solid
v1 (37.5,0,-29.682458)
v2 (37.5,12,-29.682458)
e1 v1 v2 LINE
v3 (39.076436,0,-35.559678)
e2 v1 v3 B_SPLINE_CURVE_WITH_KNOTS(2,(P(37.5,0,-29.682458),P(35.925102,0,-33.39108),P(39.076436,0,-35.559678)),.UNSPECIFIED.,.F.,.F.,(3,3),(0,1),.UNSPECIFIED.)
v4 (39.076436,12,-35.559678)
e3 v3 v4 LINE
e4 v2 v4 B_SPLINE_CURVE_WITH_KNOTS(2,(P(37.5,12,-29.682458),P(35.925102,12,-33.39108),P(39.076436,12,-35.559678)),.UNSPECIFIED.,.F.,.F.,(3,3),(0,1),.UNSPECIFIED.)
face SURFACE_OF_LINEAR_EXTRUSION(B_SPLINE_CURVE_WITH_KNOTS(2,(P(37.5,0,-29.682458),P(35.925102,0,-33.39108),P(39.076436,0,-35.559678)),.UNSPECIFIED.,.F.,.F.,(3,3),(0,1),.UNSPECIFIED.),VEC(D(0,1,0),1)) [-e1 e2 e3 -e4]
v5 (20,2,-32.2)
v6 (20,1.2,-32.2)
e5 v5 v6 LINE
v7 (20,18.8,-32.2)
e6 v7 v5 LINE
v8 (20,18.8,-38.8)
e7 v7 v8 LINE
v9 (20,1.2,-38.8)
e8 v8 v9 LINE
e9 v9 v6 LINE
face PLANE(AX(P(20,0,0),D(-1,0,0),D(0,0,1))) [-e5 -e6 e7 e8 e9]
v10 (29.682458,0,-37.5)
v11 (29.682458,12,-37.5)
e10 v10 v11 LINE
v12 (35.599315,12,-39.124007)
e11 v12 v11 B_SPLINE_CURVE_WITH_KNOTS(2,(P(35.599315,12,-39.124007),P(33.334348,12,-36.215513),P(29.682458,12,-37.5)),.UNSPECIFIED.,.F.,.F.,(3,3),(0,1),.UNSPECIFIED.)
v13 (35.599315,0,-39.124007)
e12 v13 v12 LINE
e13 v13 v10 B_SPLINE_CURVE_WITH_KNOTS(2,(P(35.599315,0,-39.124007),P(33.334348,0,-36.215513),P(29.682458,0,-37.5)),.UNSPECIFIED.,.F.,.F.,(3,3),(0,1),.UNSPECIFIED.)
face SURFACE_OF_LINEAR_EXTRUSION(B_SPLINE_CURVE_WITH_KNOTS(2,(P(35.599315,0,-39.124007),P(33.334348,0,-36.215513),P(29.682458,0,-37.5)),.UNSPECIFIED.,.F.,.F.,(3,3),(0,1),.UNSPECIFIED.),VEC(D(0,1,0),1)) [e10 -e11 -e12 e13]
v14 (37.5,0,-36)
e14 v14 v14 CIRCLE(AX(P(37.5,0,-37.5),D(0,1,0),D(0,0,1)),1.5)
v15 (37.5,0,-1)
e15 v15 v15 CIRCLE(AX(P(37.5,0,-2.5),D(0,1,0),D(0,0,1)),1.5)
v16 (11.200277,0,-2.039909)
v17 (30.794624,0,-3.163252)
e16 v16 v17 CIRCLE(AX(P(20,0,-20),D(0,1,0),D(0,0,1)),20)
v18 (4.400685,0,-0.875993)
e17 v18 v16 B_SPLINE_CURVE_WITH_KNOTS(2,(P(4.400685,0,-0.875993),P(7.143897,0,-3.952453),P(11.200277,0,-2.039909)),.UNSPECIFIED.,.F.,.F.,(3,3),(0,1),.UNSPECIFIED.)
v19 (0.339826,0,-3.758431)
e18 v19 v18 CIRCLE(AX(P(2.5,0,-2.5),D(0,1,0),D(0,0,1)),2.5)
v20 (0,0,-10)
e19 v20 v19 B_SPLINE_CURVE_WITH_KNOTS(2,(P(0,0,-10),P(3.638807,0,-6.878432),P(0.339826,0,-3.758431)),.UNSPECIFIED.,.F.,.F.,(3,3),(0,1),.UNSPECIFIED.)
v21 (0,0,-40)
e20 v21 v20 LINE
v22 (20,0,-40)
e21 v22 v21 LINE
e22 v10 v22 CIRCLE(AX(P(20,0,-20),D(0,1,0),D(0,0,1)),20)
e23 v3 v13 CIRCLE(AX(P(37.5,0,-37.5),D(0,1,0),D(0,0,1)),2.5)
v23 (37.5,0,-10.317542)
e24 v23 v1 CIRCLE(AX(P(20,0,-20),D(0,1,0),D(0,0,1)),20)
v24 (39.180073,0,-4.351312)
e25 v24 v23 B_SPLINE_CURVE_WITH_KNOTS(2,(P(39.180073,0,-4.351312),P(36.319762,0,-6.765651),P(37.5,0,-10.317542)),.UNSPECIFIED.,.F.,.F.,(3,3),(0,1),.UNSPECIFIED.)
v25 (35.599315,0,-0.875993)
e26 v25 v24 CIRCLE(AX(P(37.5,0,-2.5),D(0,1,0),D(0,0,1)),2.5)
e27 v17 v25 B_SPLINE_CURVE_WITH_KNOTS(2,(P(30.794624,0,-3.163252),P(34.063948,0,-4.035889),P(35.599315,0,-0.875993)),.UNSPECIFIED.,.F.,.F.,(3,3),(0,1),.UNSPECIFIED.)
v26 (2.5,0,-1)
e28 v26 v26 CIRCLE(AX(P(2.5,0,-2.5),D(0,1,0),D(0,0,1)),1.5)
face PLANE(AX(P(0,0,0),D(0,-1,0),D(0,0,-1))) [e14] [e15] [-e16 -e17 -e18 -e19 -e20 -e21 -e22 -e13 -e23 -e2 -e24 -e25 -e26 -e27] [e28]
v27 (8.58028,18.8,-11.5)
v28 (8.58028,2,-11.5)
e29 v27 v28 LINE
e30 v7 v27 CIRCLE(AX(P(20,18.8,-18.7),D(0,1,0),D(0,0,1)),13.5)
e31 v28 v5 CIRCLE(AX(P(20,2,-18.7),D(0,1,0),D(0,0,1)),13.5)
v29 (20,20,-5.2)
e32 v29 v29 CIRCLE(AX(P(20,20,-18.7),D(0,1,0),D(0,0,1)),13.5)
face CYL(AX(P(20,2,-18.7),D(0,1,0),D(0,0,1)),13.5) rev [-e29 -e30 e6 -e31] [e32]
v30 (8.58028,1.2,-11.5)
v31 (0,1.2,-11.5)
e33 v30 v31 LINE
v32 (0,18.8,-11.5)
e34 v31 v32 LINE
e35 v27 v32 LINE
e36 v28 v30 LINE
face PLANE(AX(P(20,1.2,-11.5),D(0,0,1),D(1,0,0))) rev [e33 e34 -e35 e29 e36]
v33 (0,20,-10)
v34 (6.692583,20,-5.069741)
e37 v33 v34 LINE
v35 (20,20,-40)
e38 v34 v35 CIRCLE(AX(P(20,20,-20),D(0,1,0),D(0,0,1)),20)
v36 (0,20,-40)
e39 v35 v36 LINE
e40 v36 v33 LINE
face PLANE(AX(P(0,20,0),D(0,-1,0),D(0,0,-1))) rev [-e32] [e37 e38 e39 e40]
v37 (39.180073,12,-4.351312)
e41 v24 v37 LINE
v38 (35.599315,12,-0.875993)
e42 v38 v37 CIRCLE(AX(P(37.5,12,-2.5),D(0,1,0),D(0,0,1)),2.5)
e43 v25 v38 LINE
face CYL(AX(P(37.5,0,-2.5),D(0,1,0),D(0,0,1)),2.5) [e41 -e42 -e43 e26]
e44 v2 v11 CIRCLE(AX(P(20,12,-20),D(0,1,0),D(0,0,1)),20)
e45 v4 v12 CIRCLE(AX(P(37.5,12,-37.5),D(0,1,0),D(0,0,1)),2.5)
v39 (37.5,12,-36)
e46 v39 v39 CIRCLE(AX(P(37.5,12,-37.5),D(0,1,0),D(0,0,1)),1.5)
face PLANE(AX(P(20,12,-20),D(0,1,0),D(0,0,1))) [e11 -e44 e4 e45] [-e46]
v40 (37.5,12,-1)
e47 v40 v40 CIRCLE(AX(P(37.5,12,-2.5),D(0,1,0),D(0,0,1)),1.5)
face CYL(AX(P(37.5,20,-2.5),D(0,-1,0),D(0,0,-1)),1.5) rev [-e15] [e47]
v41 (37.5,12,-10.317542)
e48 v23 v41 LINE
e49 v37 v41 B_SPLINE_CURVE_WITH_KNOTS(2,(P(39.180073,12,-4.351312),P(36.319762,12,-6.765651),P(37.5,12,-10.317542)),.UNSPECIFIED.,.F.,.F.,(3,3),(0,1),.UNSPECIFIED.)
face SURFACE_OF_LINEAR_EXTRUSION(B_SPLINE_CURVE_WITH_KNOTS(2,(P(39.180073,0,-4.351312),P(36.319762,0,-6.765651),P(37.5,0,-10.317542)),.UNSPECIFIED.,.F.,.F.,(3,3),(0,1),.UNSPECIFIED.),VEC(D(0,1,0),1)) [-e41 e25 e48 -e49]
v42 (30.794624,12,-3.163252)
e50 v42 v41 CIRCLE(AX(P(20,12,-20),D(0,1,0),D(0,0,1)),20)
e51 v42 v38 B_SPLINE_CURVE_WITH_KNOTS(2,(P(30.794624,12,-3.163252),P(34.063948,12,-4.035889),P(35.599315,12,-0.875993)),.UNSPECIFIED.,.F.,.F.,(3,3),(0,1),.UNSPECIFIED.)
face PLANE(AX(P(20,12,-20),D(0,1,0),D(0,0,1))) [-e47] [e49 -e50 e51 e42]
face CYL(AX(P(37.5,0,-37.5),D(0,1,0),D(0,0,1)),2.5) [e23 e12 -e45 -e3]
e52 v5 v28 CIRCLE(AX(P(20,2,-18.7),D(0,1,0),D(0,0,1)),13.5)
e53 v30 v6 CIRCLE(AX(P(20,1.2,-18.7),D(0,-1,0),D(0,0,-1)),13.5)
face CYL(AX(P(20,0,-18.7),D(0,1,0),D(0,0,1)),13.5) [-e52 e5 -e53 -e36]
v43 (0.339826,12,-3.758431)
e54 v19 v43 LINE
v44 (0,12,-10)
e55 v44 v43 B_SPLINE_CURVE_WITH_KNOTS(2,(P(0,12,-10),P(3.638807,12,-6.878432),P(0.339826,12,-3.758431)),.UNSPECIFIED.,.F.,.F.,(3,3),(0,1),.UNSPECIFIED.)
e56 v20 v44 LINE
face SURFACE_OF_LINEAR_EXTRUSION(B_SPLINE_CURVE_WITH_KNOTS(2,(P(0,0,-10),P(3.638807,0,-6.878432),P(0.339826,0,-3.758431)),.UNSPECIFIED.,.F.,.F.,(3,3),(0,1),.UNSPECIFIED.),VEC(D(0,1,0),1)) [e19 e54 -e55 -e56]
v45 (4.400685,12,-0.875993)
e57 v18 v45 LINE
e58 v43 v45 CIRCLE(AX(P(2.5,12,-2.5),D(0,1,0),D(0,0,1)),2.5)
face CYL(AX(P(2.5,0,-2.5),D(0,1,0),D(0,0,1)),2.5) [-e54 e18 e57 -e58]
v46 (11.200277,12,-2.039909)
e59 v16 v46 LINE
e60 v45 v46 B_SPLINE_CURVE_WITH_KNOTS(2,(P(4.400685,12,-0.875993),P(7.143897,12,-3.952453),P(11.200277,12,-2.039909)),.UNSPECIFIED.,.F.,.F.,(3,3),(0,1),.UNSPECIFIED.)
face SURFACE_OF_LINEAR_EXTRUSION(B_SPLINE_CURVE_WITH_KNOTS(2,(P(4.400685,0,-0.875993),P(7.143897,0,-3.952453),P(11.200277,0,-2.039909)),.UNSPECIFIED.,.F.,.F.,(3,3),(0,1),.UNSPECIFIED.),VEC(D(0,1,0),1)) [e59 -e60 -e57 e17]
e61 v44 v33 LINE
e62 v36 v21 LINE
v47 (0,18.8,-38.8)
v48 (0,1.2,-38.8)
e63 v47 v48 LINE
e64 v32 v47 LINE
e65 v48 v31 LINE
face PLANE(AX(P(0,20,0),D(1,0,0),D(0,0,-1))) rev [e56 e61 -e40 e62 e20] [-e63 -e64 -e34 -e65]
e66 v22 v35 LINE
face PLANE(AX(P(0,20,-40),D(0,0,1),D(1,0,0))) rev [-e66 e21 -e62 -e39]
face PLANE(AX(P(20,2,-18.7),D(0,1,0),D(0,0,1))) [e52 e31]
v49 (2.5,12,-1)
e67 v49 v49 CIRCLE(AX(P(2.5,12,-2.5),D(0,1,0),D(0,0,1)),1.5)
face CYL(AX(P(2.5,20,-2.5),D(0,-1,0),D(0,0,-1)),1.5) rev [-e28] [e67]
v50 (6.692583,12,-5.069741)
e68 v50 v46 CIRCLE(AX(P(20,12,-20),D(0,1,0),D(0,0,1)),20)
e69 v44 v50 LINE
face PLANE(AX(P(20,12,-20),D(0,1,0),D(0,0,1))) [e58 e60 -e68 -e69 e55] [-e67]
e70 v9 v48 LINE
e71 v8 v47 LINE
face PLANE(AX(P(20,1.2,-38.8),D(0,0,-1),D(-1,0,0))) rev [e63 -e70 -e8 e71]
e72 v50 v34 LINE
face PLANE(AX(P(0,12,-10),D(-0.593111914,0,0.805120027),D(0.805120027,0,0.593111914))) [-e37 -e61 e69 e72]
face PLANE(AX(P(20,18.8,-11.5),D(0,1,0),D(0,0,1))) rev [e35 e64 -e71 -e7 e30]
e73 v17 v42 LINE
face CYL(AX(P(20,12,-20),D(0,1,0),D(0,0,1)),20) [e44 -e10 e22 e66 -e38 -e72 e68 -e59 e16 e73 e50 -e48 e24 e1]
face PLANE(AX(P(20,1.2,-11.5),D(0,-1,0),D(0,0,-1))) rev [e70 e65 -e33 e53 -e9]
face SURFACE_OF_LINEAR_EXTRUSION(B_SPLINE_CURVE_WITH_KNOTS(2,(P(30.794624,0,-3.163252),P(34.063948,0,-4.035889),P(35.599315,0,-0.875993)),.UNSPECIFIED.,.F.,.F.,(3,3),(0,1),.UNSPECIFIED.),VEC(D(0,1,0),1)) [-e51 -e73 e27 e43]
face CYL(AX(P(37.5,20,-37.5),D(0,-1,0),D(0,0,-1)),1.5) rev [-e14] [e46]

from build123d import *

# Parameters (mm, degrees)
SKETCH_1_W          = 40
SKETCH_1_H          = 40
SKETCH_1_R          = 1.5
EXTRUDE_1_DEPTH     = 20
SKETCH_2_W          = 27.3
SKETCH_2_H          = 17.6
CUT_EXTRUDE_1_DEPTH = 20
SKETCH_3_R          = 13.5
CUT_EXTRUDE_2_DEPTH = 18
SKETCH_4_OUTSIDE_W  = 54
SKETCH_4_OUTSIDE_H  = 54
CUT_EXTRUDE_3_DEPTH = 8
SKETCH_5_OUTSIDE_W  = 54
SKETCH_5_OUTSIDE_H  = 54
CUT_EXTRUDE_4_DEPTH = 58.827329179
SKETCH_6_R          = 13.5
EXTRUDE_2_DEPTH     = 2


with BuildPart() as part:
    # 草图1 → 凸台-拉伸1 (new body)
    with BuildSketch(Plane(origin=(0, 0, 0), x_dir=(1, 0, 0), z_dir=(0, 1, 0))):
        with Locations((20, 20)):
            Rectangle(SKETCH_1_W, SKETCH_1_H)
        with Locations(Location((2.5, 2.5, 0), (0, 0, 270))):
            Circle(SKETCH_1_R, mode=Mode.SUBTRACT)
        with Locations(Location((37.5, 2.5, 0), (0, 0, 270))):
            Circle(SKETCH_1_R, mode=Mode.SUBTRACT)
        with Locations(Location((37.5, 37.5, 0), (0, 0, 270))):
            Circle(SKETCH_1_R, mode=Mode.SUBTRACT)
    extrude(amount=EXTRUDE_1_DEPTH)

    # 草图2 → 切除-拉伸1 (cut)
    with BuildSketch(Plane.ZY):
        with Locations((-25.15, 10)):
            Rectangle(SKETCH_2_W, SKETCH_2_H)
    extrude(amount=-CUT_EXTRUDE_1_DEPTH, mode=Mode.SUBTRACT)

    # 草图3 → 切除-拉伸2 (cut)
    with BuildSketch(Plane(origin=(0, 20, 0), x_dir=(1, 0, 0), z_dir=(0, 1, 0))):
        with Locations(Location((20, 18.7, 0), (0, 0, 270))):
            Circle(SKETCH_3_R)
    extrude(amount=-CUT_EXTRUDE_2_DEPTH, mode=Mode.SUBTRACT)

    # 草图4 outside → 切除-拉伸3 (cut)
    with BuildSketch(Plane(origin=(0, 20, 0), x_dir=(1, 0, 0), z_dir=(0, 1, 0))):
        with Locations((20, 20)):
            Rectangle(SKETCH_4_OUTSIDE_W, SKETCH_4_OUTSIDE_H)
        with BuildLine():
            Line((20, 40), (0, 40))
            Line((0, 40), (0, 20))
            Line((0, 20), (0, 10))
            Line((0, 10), (6.692582543, 5.069740772))
            ThreePointArc((6.692582543, 5.069740772), (38.689638634, 12.879788787), (20, 40))
        make_face(mode=Mode.SUBTRACT)
    extrude(amount=-CUT_EXTRUDE_3_DEPTH, mode=Mode.SUBTRACT)

    # 草图5 outside → 切除-拉伸4 (cut, through all)
    with BuildSketch(Plane(origin=(0, 12, 0), x_dir=(1, 0, 0), z_dir=(0, 1, 0))):
        with Locations((20, 20)):
            Rectangle(SKETCH_5_OUTSIDE_W, SKETCH_5_OUTSIDE_H)
        with BuildLine():
            Line((0, 40), (0, 10))
            add(Edge.make_bspline(
                [(0, 10), (3.638806933, 6.878431862), (0.339826236, 3.758431289)],
                knots=[0, 0, 0, 1, 1, 1], degree=2))
            ThreePointArc((0.339826236, 3.758431289), (1.052952689, 0.461359748), (4.40068463, 0.875993246))
            add(Edge.make_bspline(
                [(11.200276687, 2.039908975), (7.143896711, 3.952452975), (4.40068463, 0.875993246)],
                knots=[0, 0, 0, 1, 1, 1], degree=2))
            ThreePointArc((11.200276687, 2.039908975), (21.144719324, 0.032786432), (30.794624305, 3.163251914))
            add(Edge.make_bspline(
                [(30.794624305, 3.163251914), (34.063948175, 4.035889324), (35.59931537, 0.875993246)],
                knots=[0, 0, 0, 1, 1, 1], degree=2))
            ThreePointArc((35.59931537, 0.875993246), (39.241156707, 0.706017469), (39.180073086, 4.351311542))
            add(Edge.make_bspline(
                [(37.5, 10.317541634), (36.319762019, 6.765651399), (39.180073086, 4.351311542)],
                knots=[0, 0, 0, 1, 1, 1], degree=2))
            ThreePointArc((37.5, 10.317541634), (40, 20), (37.5, 29.682458366))
            add(Edge.make_bspline(
                [(37.5, 29.682458366), (35.925102207, 33.39107959), (39.07643597, 35.559677957)],
                knots=[0, 0, 0, 1, 1, 1], degree=2))
            ThreePointArc((39.07643597, 35.559677957), (39.289523468, 39.245739315), (35.59931537, 39.124006754))
            add(Edge.make_bspline(
                [(29.682458366, 37.5), (33.334347744, 36.215512873), (35.59931537, 39.124006754)],
                knots=[0, 0, 0, 1, 1, 1], degree=2))
            ThreePointArc((29.682458366, 37.5), (25, 39.364916731), (20, 40))
            Line((20, 40), (0, 40))
        make_face(mode=Mode.SUBTRACT)
    extrude(amount=-CUT_EXTRUDE_4_DEPTH, mode=Mode.SUBTRACT)

    # 草图6 → 凸台-拉伸2 (add)
    with BuildSketch(Plane(origin=(0, 2, 0), x_dir=(1, 0, 0), z_dir=(0, 1, 0))):
        with Locations(Location((20, 18.7, 0), (0, 0, 270))):
            Circle(SKETCH_6_R)
    extrude(amount=-EXTRUDE_2_DEPTH)


solid = part.part
